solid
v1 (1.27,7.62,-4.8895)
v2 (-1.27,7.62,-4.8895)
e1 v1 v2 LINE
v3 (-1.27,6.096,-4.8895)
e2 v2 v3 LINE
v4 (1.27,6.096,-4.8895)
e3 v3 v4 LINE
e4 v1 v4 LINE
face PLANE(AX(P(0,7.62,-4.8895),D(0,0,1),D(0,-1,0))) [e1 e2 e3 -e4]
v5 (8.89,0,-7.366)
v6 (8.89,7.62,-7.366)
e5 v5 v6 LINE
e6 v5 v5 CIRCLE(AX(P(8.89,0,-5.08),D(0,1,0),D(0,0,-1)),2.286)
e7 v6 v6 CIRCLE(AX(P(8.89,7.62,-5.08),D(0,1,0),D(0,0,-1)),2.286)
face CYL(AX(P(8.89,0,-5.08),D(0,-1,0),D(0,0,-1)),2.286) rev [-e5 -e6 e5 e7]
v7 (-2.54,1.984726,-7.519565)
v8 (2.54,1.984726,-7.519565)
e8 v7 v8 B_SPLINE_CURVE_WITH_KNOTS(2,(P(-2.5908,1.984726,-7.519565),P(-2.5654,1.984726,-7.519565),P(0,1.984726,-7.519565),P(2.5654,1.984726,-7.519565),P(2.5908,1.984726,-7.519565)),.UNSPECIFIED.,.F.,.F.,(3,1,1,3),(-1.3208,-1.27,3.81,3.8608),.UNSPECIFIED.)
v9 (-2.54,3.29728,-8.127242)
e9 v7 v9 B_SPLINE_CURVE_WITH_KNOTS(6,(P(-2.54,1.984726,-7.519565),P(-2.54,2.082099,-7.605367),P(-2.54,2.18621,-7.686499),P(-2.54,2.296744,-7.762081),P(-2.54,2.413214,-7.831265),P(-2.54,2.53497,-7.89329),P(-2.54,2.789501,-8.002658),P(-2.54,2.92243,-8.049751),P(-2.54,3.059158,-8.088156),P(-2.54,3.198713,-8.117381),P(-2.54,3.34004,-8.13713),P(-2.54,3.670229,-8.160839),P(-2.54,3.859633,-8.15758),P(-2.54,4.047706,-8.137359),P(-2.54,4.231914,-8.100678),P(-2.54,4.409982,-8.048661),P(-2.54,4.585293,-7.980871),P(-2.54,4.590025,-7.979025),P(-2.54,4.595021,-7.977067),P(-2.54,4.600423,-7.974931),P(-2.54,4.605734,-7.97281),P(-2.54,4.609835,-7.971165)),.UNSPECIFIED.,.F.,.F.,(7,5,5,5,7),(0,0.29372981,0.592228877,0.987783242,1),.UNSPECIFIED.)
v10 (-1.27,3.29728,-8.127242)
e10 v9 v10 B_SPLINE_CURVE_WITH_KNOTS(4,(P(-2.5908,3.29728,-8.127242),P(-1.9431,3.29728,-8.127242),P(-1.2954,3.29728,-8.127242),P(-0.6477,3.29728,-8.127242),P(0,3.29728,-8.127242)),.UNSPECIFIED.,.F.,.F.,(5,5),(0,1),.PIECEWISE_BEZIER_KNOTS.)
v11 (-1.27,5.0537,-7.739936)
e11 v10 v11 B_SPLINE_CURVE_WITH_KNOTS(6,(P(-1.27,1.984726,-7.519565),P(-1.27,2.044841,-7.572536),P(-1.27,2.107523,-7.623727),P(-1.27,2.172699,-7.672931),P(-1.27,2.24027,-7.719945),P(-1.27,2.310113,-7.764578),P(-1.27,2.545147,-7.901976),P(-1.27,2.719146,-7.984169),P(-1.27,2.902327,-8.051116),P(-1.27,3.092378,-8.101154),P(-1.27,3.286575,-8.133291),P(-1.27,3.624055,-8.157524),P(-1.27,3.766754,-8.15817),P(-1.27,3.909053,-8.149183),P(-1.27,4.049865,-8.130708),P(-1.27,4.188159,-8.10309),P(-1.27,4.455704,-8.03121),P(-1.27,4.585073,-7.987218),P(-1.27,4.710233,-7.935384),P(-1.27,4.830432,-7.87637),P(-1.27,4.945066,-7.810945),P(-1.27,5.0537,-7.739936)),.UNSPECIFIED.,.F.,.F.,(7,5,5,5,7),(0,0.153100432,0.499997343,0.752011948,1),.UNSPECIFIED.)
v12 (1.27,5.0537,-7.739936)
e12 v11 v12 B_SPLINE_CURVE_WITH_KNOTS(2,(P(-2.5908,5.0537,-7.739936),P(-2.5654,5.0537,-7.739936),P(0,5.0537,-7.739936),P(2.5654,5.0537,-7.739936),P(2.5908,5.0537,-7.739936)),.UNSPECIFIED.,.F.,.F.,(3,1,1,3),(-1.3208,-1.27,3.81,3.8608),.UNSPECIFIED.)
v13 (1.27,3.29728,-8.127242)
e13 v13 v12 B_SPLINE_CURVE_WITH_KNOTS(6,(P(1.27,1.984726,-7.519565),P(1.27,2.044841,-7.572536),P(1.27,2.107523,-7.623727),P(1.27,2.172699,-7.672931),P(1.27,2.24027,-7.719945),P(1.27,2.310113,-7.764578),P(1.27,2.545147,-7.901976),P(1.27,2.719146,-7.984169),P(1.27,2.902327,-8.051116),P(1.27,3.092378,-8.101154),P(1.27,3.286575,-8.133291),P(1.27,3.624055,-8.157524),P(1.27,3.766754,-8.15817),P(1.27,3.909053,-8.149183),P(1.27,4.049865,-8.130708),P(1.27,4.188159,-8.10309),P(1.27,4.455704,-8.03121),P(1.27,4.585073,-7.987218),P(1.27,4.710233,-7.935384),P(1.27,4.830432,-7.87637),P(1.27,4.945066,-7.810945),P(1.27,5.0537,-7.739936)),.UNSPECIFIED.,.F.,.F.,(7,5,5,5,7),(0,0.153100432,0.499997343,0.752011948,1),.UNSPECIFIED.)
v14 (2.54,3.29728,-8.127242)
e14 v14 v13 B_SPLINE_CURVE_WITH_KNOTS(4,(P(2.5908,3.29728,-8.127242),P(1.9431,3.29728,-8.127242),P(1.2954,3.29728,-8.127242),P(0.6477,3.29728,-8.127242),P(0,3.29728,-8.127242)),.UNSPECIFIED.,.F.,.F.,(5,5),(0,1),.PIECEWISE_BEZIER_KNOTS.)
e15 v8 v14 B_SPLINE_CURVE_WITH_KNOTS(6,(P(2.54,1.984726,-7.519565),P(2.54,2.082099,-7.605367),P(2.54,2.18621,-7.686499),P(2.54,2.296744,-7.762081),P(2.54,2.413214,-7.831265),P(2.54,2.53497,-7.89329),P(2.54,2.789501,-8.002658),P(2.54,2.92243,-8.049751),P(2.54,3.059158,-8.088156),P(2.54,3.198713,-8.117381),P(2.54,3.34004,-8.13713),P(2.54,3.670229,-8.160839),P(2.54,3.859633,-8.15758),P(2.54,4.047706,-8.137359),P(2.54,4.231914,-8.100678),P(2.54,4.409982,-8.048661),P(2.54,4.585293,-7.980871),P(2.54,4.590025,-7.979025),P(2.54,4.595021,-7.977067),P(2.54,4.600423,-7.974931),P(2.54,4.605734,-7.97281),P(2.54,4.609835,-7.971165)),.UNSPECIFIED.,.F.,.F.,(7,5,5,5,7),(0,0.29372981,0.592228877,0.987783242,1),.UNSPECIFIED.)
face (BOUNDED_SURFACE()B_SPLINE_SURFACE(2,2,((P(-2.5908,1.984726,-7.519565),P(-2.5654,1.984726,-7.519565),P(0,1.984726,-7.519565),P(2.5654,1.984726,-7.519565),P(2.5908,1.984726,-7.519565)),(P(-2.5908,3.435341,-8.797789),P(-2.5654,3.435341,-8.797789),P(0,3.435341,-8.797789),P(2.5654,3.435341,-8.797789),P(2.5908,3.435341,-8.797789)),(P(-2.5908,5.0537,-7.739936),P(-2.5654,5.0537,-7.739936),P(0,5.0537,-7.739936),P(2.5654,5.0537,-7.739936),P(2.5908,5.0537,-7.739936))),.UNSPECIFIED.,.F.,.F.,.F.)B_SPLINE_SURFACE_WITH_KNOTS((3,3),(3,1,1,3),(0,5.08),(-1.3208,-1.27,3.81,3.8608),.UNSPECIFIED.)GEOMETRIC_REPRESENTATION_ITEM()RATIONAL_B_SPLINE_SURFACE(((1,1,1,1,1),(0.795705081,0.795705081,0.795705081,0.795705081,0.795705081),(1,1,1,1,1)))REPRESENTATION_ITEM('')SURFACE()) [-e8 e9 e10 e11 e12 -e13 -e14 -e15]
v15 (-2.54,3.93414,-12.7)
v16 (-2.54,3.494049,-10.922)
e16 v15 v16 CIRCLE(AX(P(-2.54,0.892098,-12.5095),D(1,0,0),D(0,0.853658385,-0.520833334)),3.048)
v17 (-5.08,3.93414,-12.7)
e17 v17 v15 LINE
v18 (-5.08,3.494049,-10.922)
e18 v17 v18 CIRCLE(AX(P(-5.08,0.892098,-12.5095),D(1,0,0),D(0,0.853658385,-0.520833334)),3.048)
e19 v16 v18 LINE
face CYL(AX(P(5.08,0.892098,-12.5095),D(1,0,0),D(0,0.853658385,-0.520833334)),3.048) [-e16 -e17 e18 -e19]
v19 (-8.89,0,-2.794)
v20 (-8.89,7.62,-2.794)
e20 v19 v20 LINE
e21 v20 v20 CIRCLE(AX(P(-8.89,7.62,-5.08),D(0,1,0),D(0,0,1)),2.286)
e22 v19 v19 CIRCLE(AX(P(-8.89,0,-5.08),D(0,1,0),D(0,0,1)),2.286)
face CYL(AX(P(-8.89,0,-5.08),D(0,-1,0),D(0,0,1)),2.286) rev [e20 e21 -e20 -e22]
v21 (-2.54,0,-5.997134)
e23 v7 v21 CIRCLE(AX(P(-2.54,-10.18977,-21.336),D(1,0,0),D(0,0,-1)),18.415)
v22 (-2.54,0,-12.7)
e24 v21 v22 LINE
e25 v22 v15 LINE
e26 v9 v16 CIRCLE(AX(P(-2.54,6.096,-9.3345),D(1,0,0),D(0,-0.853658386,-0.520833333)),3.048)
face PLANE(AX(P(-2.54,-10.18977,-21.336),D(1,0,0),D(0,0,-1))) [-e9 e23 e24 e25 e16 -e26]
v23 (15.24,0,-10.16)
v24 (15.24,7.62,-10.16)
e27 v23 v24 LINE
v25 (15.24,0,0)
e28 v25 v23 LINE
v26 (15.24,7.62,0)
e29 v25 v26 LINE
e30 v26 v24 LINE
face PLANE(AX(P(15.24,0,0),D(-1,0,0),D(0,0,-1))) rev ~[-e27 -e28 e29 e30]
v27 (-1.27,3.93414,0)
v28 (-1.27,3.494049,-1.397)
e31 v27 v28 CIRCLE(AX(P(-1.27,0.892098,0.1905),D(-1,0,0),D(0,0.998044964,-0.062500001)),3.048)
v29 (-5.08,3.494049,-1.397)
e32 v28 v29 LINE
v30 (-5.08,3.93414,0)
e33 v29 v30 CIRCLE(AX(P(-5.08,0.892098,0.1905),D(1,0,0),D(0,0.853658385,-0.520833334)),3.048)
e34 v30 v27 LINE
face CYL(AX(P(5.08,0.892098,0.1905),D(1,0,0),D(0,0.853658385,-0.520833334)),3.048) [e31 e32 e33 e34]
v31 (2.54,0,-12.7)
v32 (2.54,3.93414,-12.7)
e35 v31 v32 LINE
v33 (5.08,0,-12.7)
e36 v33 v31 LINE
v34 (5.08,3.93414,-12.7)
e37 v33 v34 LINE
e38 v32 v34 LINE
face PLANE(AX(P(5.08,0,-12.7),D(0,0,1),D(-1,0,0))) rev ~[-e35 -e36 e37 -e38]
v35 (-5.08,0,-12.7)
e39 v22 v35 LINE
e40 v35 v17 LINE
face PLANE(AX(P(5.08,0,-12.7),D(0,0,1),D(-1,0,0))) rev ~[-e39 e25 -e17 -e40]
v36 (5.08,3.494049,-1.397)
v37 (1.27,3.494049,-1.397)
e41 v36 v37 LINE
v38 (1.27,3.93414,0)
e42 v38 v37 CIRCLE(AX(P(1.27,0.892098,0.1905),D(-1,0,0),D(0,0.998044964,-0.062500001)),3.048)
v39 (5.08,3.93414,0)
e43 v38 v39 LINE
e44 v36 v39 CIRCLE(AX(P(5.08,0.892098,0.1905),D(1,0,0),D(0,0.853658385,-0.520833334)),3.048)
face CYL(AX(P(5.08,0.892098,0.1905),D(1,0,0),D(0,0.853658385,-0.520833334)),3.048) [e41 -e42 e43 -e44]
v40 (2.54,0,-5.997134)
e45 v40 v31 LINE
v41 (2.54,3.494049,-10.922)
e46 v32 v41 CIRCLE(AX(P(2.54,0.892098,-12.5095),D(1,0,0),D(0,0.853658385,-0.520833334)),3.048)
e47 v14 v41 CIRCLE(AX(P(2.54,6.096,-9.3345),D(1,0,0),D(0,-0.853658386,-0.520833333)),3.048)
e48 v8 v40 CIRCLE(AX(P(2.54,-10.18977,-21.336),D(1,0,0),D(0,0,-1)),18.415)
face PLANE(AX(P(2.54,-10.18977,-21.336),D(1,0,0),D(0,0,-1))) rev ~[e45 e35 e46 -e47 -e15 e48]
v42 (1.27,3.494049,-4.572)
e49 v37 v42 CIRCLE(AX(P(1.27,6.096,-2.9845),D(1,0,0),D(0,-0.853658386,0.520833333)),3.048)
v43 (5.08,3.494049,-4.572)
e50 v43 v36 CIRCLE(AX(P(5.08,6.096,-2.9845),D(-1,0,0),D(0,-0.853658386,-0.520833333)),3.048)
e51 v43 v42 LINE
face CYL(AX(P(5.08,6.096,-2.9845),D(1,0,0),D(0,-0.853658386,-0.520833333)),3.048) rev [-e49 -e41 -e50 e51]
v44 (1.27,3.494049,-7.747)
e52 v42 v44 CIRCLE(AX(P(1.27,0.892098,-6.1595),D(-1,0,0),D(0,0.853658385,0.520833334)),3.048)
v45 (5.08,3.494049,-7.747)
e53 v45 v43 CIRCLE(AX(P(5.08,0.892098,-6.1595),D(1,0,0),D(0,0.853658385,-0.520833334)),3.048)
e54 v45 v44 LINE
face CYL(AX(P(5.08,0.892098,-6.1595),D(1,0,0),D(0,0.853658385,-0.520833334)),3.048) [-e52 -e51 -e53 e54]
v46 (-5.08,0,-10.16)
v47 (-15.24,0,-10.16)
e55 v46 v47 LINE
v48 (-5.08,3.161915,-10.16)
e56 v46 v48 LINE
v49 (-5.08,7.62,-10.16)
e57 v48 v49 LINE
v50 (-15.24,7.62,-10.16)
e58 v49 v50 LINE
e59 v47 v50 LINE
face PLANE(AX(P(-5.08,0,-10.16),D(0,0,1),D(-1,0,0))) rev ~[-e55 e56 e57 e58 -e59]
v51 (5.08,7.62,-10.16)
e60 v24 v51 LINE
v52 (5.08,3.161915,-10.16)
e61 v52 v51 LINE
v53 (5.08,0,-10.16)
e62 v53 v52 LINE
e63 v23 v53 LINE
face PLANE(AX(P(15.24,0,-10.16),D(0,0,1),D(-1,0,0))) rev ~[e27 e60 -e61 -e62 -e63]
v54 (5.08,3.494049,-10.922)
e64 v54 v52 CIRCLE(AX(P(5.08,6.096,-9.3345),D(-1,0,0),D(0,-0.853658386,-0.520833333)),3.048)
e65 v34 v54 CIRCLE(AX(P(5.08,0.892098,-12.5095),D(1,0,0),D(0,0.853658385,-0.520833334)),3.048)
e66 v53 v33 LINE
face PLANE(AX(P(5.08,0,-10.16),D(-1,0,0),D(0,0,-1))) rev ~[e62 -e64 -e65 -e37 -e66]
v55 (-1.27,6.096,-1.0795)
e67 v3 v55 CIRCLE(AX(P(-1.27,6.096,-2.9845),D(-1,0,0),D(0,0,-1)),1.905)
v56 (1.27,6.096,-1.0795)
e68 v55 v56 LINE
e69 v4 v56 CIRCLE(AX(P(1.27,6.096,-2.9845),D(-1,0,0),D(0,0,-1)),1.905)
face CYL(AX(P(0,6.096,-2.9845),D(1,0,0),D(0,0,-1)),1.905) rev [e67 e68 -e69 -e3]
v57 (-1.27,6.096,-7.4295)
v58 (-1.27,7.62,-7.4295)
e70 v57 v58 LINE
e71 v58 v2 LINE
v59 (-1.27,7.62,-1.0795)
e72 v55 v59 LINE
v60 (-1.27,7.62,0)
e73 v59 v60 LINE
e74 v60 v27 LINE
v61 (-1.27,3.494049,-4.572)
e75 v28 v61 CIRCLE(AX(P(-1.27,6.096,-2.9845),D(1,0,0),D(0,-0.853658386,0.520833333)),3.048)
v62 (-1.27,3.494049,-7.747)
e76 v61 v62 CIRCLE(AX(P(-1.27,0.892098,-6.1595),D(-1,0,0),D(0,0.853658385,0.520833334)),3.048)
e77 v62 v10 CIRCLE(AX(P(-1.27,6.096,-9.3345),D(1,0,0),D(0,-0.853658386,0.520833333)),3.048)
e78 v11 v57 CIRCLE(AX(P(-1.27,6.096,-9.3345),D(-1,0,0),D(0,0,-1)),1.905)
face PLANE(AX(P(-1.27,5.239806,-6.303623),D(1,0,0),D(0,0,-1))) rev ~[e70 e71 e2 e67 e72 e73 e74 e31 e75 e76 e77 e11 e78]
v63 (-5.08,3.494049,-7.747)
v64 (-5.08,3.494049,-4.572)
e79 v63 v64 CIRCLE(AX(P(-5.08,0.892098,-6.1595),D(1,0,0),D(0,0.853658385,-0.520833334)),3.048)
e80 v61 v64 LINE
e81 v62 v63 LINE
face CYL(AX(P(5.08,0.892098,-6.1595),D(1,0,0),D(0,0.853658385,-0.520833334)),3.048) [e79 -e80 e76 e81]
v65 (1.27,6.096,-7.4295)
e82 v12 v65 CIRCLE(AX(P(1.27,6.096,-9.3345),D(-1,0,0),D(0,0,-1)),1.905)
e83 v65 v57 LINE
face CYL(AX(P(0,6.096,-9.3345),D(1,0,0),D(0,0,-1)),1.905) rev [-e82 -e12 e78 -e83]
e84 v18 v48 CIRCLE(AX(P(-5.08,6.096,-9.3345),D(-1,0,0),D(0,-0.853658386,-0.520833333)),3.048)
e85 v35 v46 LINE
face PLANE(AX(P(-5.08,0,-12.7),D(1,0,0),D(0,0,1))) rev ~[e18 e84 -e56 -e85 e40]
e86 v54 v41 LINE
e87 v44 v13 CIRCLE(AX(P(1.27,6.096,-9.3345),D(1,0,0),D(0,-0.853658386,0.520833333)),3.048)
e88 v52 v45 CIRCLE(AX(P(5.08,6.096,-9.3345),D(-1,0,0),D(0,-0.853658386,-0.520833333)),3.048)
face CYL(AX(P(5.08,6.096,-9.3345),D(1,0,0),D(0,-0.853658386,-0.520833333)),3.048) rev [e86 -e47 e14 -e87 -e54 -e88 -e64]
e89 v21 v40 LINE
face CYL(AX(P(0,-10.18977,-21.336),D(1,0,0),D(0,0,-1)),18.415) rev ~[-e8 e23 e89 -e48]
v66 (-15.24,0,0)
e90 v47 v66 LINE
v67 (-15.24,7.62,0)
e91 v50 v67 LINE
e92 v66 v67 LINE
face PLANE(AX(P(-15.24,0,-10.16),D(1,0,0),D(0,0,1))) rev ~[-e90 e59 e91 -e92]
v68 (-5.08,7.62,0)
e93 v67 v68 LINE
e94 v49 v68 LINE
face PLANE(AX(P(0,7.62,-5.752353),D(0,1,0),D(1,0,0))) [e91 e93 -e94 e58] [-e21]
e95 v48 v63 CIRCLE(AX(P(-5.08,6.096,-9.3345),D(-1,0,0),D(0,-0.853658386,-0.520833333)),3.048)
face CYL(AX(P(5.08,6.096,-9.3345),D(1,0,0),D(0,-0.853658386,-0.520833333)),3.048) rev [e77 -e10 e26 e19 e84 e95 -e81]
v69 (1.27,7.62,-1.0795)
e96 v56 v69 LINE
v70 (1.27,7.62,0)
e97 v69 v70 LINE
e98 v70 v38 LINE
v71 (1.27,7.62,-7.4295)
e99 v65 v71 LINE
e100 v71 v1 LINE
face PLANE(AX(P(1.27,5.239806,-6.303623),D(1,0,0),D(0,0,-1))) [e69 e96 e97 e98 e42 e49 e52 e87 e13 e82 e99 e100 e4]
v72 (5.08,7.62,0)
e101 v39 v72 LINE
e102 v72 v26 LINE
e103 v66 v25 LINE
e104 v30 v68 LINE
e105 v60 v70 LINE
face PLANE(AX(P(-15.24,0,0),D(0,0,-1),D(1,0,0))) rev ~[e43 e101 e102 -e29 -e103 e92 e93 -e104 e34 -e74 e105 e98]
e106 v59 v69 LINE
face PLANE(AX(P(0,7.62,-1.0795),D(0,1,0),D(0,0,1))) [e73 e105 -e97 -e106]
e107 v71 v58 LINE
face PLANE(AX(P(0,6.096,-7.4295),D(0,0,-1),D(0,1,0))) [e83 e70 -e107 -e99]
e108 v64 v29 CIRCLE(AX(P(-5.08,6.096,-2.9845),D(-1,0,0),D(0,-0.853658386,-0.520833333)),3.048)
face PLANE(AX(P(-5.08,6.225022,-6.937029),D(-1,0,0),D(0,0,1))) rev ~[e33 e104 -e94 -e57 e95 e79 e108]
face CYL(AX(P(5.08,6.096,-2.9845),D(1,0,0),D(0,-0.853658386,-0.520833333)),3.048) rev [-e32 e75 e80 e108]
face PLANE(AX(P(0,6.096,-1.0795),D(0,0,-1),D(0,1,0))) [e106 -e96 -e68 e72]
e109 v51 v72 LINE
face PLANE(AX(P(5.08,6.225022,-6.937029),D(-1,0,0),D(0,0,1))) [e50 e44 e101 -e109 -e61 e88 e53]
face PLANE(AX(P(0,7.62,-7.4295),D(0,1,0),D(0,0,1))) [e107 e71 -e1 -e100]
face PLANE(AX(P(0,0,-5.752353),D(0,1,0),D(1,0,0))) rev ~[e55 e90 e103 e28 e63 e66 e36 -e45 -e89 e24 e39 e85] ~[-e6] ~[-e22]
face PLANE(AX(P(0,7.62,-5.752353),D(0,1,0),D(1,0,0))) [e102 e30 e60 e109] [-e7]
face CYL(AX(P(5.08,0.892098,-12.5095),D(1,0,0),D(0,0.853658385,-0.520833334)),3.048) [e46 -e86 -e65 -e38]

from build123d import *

# Parameters (mm, degrees)
SKETCH1_R           = 2.286
BOSS_EXTRUDE1_DEPTH = 7.62
CUT_EXTRUDE1_DEPTH  = 10.16
BOSS_EXTRUDE2_DEPTH = 1.27
SKETCH4_R           = 18.415
CUT_EXTRUDE2_DEPTH  = 2.54
FILLET1_R           = 2.54


with BuildPart() as part:
    # Sketch1 → Boss-Extrude1 (new body)
    with BuildSketch(Plane(origin=(0, 0, 0), x_dir=(1, 0, 0), z_dir=(0, 1, 0))):
        Polygon((5.08, 12.7), (-5.08, 12.7), (-5.08, 10.16), (-15.24, 10.16), (-15.24, 0), (15.24, 0), (15.24, 10.16), (5.08, 10.16), align=None)
        with Locations(Location((-8.89, 5.08, 0), (0, 0, 270))):
            Circle(SKETCH1_R, mode=Mode.SUBTRACT)
        with Locations(Location((8.89, 5.08, 0), (0, 0, 90))):
            Circle(SKETCH1_R, mode=Mode.SUBTRACT)
    extrude(amount=BOSS_EXTRUDE1_DEPTH)

    # Sketch2 → Cut-Extrude1 (cut)
    with BuildSketch(Plane(origin=(5.08, 0, 0), x_dir=(0, 0, -1), z_dir=(1, 0, 0))):
        with BuildLine():
            Line((2.9845, 9.144), (15.6845, 9.144))
            ThreePointArc((15.6845, 9.144), (18.618869601, 5.27151286), (14.097, 3.494049241))
            ThreePointArc((14.097, 3.494049241), (12.5095, 3.940098483), (10.922, 3.494049241))
            ThreePointArc((10.922, 3.494049241), (9.3345, 3.048), (7.747, 3.494049241))
            ThreePointArc((7.747, 3.494049241), (6.1595, 3.940098483), (4.572, 3.494049241))
            ThreePointArc((4.572, 3.494049241), (2.9845, 3.048), (1.397, 3.494049241))
            ThreePointArc((1.397, 3.494049241), (-0.1905, 3.940098483), (-1.778, 3.494049241))
            ThreePointArc((-1.778, 3.494049241), (-2.54101286, 3.161630399), (-3.3655, 3.048))
            Line((-3.3655, 3.048), (-3.3655, 9.144))
            Line((-3.3655, 9.144), (2.9845, 9.144))
        make_face()
    extrude(amount=-CUT_EXTRUDE1_DEPTH, mode=Mode.SUBTRACT)

    # Sketch3 → Boss-Extrude2 (add, symmetric)
    with BuildSketch(Plane(origin=(0, 0, 0), x_dir=(0, 0, -1), z_dir=(1, 0, 0))):
        with BuildLine():
            Line((4.8895, 7.62), (4.8895, 6.096))
            ThreePointArc((4.8895, 6.096), (2.9845, 4.191), (1.0795, 6.096))
            Line((1.0795, 6.096), (1.0795, 7.62))
            Line((1.0795, 7.62), (0, 7.62))
            Line((0, 7.62), (0, 3.934139533))
            ThreePointArc((0, 3.934139533), (0.725327968, 3.799255708), (1.397, 3.494049241))
            ThreePointArc((1.397, 3.494049241), (2.9845, 3.048), (4.572, 3.494049241))
            ThreePointArc((4.572, 3.494049241), (6.1595, 3.940098483), (7.747, 3.494049241))
            ThreePointArc((7.747, 3.494049241), (9.3345, 3.048), (10.922, 3.494049241))
            ThreePointArc((10.922, 3.494049241), (11.777159836, 3.850811359), (12.7, 3.934139533))
            Line((12.7, 3.934139533), (12.7, 7.62))
            Line((12.7, 7.62), (11.2395, 7.62))
            Line((11.2395, 7.62), (11.2395, 6.096))
            ThreePointArc((11.2395, 6.096), (9.3345, 4.191), (7.4295, 6.096))
            Line((7.4295, 6.096), (7.4295, 7.62))
            Line((7.4295, 7.62), (4.8895, 7.62))
        make_face()
    extrude(amount=BOSS_EXTRUDE2_DEPTH, both=True)

    # Sketch4 → Cut-Extrude2 (cut, symmetric)
    with BuildSketch(Plane(origin=(0, 0, 0), x_dir=(0, 0, -1), z_dir=(1, 0, 0))):
        with Locations((21.336, -10.18977017)):
            Circle(SKETCH4_R)
    extrude(amount=CUT_EXTRUDE2_DEPTH, both=True, mode=Mode.SUBTRACT)


with BuildPart() as cut_extrude2_kept_piece:
    # of the separate pieces the step leaves, the one the design keeps (cut_extrude2_pieces_kept)
    add(part.part.solids().sort_by_distance((5.08, 0, -12.7))[0])

    # Fillet1
    fillet1_edges = [cut_extrude2_kept_piece.edges().sort_by_distance(p)[0] for p in [
        (0, 4.301003177, -9.972474456),
    ]]
    fillet(fillet1_edges, radius=FILLET1_R)


solid = cut_extrude2_kept_piece.part
